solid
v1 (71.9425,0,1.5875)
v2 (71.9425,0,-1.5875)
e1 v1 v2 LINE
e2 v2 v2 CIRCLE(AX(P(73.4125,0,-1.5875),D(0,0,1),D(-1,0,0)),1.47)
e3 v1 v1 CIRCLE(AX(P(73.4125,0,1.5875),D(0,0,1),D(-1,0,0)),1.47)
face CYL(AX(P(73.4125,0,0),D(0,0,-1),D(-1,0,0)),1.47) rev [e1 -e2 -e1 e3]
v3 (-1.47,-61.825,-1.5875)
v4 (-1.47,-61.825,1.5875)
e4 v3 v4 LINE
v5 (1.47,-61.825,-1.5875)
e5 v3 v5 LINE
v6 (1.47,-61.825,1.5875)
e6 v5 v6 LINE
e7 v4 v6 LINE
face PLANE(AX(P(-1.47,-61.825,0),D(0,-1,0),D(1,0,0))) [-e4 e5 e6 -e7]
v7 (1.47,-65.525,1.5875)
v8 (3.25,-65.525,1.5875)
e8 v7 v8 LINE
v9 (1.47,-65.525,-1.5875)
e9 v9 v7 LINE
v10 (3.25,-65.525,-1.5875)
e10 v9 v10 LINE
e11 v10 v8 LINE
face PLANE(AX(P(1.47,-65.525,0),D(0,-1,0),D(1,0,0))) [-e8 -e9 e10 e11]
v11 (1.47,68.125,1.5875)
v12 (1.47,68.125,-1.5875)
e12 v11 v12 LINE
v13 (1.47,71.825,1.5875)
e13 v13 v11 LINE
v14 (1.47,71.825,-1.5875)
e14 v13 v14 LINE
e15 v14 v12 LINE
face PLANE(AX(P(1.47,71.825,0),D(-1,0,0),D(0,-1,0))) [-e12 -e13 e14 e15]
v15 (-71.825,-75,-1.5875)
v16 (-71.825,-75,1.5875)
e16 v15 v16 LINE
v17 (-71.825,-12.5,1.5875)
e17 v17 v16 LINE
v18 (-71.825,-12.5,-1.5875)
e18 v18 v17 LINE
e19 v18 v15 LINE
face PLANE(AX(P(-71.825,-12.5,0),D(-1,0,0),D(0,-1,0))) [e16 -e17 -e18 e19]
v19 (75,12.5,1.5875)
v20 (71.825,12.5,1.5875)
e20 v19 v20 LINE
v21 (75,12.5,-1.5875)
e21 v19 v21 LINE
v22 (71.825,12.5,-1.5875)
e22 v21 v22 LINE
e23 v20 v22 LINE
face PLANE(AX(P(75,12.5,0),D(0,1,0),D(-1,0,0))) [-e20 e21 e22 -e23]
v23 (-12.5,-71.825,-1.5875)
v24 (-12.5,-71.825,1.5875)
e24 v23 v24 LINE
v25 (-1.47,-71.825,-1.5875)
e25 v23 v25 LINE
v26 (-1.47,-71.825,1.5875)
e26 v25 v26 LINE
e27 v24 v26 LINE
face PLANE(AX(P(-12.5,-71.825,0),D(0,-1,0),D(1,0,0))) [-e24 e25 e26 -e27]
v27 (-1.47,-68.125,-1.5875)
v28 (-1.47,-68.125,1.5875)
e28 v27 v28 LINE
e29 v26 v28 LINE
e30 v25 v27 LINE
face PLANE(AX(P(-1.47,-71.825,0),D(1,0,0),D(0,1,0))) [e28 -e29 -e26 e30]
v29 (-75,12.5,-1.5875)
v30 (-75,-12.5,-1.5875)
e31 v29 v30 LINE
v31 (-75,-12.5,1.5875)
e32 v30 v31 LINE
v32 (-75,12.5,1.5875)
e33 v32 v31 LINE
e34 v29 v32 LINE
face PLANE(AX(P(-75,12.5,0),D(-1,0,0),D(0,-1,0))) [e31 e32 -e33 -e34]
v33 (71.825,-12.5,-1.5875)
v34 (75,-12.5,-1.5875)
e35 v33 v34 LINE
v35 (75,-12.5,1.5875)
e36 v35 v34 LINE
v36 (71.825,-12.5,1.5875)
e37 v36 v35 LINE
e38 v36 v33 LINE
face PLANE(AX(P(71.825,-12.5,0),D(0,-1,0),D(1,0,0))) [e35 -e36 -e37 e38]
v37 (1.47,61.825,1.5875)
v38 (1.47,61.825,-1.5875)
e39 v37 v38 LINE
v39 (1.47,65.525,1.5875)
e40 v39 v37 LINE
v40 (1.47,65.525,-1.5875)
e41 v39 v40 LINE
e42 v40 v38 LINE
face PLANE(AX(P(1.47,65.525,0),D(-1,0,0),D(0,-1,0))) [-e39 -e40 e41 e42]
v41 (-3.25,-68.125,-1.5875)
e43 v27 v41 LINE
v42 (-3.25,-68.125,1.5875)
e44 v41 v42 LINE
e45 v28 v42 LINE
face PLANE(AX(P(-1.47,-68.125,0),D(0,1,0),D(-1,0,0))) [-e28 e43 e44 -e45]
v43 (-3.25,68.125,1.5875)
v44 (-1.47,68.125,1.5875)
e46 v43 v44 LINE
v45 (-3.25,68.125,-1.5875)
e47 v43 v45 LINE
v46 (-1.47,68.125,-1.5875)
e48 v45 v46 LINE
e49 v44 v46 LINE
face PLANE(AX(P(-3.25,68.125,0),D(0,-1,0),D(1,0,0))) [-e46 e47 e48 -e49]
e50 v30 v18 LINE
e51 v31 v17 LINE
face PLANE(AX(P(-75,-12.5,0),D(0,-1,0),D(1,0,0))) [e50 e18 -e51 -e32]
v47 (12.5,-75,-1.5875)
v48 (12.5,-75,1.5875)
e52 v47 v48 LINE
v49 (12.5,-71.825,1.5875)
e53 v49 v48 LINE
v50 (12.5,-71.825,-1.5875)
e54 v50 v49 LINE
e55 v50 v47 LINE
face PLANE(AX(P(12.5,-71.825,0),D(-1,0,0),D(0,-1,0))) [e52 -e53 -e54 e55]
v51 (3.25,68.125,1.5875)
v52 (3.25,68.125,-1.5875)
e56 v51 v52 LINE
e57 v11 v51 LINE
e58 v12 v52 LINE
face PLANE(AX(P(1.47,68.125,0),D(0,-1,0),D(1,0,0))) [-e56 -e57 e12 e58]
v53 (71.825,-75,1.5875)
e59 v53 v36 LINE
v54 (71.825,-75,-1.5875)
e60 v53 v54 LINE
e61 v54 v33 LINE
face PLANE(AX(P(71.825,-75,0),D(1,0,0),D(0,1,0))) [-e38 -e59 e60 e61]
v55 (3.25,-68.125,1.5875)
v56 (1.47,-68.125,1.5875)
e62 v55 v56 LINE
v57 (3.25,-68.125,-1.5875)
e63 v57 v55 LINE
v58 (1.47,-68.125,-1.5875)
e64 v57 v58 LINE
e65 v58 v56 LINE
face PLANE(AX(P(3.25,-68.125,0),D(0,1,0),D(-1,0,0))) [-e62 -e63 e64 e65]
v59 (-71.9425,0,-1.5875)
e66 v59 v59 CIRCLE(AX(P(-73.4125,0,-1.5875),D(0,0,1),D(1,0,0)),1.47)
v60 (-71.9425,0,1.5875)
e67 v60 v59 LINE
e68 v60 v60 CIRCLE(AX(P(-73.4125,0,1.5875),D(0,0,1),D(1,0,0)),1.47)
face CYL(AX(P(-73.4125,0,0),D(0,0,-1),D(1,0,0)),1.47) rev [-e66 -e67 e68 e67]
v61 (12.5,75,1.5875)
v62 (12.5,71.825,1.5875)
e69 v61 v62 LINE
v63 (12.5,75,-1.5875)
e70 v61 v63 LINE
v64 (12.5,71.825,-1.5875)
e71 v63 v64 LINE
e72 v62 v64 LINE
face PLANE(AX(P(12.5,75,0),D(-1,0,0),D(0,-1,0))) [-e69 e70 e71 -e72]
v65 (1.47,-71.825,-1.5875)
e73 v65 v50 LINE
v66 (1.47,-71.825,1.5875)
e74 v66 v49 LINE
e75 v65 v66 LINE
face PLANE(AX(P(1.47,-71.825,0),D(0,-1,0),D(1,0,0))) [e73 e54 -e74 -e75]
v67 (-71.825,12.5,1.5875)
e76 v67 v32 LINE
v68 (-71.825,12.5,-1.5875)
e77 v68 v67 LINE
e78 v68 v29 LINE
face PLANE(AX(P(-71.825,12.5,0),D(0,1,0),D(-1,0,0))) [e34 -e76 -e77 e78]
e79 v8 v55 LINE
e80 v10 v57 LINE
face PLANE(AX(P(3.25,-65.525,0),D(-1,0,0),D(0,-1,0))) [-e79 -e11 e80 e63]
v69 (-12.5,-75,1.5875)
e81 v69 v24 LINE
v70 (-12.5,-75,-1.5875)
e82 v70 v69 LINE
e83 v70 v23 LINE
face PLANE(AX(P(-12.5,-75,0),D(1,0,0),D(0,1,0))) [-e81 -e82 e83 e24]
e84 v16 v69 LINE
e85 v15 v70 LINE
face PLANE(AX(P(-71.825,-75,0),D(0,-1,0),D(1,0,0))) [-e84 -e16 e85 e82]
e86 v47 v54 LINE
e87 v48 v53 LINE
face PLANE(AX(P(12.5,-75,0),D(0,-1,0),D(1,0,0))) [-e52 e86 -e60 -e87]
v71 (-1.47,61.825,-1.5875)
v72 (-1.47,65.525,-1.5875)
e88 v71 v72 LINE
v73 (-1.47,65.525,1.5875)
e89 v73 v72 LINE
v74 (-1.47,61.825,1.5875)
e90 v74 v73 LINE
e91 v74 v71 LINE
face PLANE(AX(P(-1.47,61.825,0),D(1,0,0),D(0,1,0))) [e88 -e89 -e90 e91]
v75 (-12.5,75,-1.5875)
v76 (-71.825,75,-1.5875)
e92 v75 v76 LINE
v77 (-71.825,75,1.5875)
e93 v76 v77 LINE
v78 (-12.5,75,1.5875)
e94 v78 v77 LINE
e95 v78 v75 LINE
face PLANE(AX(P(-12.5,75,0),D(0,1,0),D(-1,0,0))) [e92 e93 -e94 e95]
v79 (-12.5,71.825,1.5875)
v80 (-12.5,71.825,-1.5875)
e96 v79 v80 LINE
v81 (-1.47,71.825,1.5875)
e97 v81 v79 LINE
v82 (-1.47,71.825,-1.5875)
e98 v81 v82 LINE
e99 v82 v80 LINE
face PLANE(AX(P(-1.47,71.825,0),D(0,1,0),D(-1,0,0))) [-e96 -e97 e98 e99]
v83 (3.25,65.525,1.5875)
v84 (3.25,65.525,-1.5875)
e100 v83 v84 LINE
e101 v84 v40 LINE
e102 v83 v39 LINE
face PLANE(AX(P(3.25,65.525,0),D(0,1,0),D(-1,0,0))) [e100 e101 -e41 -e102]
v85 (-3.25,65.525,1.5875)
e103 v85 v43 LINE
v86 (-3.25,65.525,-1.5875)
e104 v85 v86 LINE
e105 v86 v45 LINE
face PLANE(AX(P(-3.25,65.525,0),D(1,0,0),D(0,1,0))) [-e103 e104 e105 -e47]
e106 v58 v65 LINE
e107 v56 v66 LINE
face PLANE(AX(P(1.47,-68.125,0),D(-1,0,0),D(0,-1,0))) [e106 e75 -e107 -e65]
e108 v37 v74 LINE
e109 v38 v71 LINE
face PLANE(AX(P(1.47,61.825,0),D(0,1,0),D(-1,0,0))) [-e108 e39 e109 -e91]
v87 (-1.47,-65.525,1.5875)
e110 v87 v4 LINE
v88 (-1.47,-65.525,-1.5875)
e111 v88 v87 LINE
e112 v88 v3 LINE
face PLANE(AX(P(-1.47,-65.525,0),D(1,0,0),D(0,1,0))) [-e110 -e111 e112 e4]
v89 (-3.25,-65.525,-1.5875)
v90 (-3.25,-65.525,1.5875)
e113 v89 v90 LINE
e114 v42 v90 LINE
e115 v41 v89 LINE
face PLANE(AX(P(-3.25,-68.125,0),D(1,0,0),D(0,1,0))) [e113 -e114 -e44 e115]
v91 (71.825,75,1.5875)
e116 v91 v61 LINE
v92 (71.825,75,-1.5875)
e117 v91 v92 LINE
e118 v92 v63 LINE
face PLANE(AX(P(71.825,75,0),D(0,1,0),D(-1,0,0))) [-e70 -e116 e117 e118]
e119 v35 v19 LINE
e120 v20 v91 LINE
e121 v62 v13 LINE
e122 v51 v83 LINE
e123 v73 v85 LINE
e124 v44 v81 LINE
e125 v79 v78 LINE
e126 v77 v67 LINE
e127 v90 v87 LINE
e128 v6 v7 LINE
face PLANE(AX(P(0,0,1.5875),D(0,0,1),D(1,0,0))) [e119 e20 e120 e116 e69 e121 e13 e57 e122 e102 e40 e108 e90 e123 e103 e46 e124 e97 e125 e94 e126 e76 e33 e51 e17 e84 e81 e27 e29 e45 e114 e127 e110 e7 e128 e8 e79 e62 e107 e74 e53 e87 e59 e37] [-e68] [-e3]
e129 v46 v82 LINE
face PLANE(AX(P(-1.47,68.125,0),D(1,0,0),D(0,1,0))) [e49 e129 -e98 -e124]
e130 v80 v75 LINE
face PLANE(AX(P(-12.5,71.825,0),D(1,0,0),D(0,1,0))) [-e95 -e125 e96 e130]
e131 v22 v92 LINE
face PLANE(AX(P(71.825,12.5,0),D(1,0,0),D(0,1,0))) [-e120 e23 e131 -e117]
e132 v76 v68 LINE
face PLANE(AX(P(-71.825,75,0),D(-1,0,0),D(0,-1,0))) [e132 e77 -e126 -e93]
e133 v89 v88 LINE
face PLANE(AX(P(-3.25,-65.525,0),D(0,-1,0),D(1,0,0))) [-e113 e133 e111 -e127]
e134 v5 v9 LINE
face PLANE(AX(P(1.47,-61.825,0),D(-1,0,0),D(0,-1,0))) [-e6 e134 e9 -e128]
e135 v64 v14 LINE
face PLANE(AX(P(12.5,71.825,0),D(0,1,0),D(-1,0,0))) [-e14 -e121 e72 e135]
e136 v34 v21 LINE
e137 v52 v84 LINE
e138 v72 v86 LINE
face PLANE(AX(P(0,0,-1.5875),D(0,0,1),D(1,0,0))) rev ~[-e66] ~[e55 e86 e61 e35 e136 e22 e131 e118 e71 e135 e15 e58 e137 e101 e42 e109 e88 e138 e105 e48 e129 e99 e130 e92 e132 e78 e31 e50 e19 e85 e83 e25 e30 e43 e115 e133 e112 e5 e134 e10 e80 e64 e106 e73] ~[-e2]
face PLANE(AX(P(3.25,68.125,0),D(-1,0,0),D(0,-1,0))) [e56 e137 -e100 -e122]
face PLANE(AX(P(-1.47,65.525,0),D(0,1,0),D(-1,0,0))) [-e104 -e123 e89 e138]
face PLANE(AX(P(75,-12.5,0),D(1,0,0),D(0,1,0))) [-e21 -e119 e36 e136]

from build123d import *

# Parameters (mm, degrees)
SKETCH1_R           = 1.47
BOSS_EXTRUDE1_DEPTH = 1.5875


with BuildPart() as part:
    # Sketch1 → Boss-Extrude1 (new, symmetric)
    with BuildSketch(Plane.XY):
        Polygon((-12.5, 75), (-71.825, 75), (-71.825, 12.5), (-75, 12.5), (-75, -12.5), (-71.825, -12.5), (-71.825, -75), (-12.5, -75), (-12.5, -71.825), (-1.47, -71.825), (-1.47, -68.125), (-3.25, -68.125), (-3.25, -65.525), (-1.47, -65.525), (-1.47, -61.825), (1.47, -61.825), (1.47, -65.525), (3.25, -65.525), (3.25, -68.125), (1.47, -68.125), (1.47, -71.825), (12.5, -71.825), (12.5, -75), (71.825, -75), (71.825, -12.5), (75, -12.5), (75, 12.5), (71.825, 12.5), (71.825, 75), (12.5, 75), (12.5, 71.825), (1.47, 71.825), (1.47, 68.125), (3.25, 68.125), (3.25, 65.525), (1.47, 65.525), (1.47, 61.825), (-1.47, 61.825), (-1.47, 65.525), (-3.25, 65.525), (-3.25, 68.125), (-1.47, 68.125), (-1.47, 71.825), (-12.5, 71.825), align=None)
        with Locations((-73.4125, 0)):
            Circle(SKETCH1_R, mode=Mode.SUBTRACT)
        with Locations(Location((73.4125, 0, 0), (0, 0, 180))):
            Circle(SKETCH1_R, mode=Mode.SUBTRACT)
    extrude(amount=BOSS_EXTRUDE1_DEPTH, both=True)


solid = part.part
